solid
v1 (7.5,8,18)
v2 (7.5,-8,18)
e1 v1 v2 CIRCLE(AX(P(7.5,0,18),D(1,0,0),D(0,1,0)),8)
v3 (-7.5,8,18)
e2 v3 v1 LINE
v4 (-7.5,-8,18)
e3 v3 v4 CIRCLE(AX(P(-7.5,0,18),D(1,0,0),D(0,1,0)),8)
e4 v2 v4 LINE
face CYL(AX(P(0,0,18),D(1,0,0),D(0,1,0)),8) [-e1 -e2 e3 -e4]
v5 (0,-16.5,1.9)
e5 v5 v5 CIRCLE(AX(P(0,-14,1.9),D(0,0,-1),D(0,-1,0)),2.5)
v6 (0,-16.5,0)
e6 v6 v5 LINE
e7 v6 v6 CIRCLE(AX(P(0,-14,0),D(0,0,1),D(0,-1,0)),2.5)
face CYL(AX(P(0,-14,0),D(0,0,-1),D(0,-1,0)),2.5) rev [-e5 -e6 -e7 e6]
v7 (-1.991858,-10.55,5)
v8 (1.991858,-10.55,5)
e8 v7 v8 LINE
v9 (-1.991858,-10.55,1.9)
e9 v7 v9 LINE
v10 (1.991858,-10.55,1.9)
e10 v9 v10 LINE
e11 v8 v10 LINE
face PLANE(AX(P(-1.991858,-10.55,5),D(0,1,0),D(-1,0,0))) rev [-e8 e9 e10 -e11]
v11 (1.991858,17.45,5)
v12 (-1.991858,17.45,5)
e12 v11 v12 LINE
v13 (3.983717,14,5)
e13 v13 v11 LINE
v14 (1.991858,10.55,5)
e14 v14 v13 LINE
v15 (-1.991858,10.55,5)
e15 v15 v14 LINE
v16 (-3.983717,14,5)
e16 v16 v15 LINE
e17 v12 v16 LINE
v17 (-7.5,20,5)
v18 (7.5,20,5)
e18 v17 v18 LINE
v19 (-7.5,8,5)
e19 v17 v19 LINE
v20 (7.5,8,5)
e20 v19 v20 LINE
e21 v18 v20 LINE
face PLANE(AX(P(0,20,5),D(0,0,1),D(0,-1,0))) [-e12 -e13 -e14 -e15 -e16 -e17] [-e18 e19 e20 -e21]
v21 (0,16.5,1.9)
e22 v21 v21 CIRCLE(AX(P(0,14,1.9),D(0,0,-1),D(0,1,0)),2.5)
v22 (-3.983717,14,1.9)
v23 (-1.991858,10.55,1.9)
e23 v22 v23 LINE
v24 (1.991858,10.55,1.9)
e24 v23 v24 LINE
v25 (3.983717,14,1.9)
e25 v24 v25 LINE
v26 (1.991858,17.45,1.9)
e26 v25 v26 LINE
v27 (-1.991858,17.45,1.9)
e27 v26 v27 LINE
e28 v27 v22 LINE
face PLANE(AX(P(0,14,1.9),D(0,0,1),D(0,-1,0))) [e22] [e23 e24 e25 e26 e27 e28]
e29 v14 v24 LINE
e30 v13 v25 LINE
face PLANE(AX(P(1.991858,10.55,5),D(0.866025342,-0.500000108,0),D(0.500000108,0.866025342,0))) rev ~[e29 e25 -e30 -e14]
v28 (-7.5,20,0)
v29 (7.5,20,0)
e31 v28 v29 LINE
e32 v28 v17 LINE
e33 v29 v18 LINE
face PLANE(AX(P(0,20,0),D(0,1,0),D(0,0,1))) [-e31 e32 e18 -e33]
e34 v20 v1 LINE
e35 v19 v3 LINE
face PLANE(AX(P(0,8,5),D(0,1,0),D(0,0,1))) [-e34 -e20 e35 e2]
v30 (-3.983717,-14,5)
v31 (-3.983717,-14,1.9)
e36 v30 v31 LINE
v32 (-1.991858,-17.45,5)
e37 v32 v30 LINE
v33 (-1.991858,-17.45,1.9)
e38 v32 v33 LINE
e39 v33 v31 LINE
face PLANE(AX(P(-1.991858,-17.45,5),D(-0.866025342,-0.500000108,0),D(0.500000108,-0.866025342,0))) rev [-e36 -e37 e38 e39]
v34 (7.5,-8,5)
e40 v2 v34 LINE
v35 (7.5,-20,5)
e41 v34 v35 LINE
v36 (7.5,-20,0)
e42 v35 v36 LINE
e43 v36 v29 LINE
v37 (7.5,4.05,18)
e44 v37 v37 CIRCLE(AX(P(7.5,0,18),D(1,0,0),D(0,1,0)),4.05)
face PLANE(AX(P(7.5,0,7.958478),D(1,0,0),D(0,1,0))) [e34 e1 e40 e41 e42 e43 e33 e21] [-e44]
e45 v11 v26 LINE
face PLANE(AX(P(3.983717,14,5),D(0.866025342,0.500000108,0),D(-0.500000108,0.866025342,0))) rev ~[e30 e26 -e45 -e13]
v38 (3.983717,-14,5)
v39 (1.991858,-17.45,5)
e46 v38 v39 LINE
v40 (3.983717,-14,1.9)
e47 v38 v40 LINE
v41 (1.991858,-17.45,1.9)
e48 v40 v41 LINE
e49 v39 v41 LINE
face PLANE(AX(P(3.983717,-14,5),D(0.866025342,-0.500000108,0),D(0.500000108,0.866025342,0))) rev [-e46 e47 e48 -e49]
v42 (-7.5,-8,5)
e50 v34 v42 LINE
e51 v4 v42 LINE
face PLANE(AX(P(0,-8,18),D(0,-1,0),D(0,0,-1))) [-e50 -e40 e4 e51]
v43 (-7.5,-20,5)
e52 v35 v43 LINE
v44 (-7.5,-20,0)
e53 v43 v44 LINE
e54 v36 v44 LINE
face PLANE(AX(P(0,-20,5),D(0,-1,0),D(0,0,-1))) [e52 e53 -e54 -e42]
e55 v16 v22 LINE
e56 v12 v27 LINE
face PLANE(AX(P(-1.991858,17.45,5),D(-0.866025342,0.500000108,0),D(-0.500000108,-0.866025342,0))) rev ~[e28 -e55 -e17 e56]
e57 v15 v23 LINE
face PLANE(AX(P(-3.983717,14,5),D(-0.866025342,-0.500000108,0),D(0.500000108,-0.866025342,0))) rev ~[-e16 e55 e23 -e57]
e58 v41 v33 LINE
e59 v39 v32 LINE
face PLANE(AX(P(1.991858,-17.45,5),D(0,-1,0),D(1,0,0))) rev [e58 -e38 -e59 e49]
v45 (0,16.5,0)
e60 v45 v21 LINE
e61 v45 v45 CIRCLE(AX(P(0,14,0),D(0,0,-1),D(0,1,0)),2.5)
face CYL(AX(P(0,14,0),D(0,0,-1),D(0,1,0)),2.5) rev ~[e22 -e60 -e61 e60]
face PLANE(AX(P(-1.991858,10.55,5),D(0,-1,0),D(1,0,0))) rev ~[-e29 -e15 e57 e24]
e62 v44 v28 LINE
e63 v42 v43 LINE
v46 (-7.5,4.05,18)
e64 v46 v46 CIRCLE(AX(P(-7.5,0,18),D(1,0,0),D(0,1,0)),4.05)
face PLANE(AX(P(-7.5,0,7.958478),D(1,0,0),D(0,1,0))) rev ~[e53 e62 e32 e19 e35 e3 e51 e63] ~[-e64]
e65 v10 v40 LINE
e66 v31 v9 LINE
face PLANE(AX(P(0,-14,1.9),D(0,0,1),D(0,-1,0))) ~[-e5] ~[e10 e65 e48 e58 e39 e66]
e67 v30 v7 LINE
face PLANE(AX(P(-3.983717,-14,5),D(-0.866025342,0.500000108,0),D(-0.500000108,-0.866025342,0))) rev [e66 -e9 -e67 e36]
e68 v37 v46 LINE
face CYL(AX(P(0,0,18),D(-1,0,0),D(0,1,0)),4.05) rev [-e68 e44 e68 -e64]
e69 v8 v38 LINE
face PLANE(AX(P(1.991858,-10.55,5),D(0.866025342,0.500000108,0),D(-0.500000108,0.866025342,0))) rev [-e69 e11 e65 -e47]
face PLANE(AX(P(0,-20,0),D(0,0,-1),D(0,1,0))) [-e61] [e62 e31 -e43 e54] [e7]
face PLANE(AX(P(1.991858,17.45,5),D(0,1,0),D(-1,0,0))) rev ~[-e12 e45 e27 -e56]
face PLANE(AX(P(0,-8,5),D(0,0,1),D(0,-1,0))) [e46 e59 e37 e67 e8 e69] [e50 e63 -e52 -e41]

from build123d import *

# Parameters (mm, degrees)
SKETCH_R        = 4.05
PAD_DEPTH       = 7.5
POCKET_DEPTH    = 3.1
SKETCH002_R     = 2.5
POCKET001_DEPTH = 126.020998


with BuildPart() as part:
    # Sketch → Pad (new body, symmetric)
    with BuildSketch(Plane.YZ):
        with BuildLine():
            Line((-20, 0), (20, 0))
            Line((20, 0), (20, 5))
            Line((20, 5), (8, 5))
            Line((8, 5), (8, 18))
            ThreePointArc((8, 18), (0, 26), (-8, 18))
            Line((-8, 18), (-8, 5))
            Line((-8, 5), (-20, 5))
            Line((-20, 5), (-20, 0))
        make_face()
        with Locations((0, 18)):
            Circle(SKETCH_R, mode=Mode.SUBTRACT)
    extrude(amount=PAD_DEPTH, both=True)

    # Sketch001 (on Face7 of Pad) → Pocket (cut)
    with BuildSketch(Plane(origin=(0, 0, 5), x_dir=(0, -1, 0), z_dir=(0, 0, 1))):
        Polygon((-10.55, 1.991858), (-14, 3.983717), (-17.45, 1.991858), (-17.45, -1.991858), (-14, -3.983717), (-10.55, -1.991858), align=None)
    pocket = extrude(amount=-POCKET_DEPTH, mode=Mode.SUBTRACT)

    # Sketch002 (on Face1 of Pocket) → Pocket001 (cut, through all)
    with BuildSketch(Plane.YX):
        with Locations((14, 0)):
            Circle(SKETCH002_R)
    pocket001 = extrude(amount=-POCKET001_DEPTH, mode=Mode.SUBTRACT)

    # Mirrored: Pocket, Pocket001 across XZ
    add(pocket.mirror(Plane.XZ), mode=Mode.SUBTRACT)
    add(pocket001.mirror(Plane.XZ), mode=Mode.SUBTRACT)


solid = part.part
